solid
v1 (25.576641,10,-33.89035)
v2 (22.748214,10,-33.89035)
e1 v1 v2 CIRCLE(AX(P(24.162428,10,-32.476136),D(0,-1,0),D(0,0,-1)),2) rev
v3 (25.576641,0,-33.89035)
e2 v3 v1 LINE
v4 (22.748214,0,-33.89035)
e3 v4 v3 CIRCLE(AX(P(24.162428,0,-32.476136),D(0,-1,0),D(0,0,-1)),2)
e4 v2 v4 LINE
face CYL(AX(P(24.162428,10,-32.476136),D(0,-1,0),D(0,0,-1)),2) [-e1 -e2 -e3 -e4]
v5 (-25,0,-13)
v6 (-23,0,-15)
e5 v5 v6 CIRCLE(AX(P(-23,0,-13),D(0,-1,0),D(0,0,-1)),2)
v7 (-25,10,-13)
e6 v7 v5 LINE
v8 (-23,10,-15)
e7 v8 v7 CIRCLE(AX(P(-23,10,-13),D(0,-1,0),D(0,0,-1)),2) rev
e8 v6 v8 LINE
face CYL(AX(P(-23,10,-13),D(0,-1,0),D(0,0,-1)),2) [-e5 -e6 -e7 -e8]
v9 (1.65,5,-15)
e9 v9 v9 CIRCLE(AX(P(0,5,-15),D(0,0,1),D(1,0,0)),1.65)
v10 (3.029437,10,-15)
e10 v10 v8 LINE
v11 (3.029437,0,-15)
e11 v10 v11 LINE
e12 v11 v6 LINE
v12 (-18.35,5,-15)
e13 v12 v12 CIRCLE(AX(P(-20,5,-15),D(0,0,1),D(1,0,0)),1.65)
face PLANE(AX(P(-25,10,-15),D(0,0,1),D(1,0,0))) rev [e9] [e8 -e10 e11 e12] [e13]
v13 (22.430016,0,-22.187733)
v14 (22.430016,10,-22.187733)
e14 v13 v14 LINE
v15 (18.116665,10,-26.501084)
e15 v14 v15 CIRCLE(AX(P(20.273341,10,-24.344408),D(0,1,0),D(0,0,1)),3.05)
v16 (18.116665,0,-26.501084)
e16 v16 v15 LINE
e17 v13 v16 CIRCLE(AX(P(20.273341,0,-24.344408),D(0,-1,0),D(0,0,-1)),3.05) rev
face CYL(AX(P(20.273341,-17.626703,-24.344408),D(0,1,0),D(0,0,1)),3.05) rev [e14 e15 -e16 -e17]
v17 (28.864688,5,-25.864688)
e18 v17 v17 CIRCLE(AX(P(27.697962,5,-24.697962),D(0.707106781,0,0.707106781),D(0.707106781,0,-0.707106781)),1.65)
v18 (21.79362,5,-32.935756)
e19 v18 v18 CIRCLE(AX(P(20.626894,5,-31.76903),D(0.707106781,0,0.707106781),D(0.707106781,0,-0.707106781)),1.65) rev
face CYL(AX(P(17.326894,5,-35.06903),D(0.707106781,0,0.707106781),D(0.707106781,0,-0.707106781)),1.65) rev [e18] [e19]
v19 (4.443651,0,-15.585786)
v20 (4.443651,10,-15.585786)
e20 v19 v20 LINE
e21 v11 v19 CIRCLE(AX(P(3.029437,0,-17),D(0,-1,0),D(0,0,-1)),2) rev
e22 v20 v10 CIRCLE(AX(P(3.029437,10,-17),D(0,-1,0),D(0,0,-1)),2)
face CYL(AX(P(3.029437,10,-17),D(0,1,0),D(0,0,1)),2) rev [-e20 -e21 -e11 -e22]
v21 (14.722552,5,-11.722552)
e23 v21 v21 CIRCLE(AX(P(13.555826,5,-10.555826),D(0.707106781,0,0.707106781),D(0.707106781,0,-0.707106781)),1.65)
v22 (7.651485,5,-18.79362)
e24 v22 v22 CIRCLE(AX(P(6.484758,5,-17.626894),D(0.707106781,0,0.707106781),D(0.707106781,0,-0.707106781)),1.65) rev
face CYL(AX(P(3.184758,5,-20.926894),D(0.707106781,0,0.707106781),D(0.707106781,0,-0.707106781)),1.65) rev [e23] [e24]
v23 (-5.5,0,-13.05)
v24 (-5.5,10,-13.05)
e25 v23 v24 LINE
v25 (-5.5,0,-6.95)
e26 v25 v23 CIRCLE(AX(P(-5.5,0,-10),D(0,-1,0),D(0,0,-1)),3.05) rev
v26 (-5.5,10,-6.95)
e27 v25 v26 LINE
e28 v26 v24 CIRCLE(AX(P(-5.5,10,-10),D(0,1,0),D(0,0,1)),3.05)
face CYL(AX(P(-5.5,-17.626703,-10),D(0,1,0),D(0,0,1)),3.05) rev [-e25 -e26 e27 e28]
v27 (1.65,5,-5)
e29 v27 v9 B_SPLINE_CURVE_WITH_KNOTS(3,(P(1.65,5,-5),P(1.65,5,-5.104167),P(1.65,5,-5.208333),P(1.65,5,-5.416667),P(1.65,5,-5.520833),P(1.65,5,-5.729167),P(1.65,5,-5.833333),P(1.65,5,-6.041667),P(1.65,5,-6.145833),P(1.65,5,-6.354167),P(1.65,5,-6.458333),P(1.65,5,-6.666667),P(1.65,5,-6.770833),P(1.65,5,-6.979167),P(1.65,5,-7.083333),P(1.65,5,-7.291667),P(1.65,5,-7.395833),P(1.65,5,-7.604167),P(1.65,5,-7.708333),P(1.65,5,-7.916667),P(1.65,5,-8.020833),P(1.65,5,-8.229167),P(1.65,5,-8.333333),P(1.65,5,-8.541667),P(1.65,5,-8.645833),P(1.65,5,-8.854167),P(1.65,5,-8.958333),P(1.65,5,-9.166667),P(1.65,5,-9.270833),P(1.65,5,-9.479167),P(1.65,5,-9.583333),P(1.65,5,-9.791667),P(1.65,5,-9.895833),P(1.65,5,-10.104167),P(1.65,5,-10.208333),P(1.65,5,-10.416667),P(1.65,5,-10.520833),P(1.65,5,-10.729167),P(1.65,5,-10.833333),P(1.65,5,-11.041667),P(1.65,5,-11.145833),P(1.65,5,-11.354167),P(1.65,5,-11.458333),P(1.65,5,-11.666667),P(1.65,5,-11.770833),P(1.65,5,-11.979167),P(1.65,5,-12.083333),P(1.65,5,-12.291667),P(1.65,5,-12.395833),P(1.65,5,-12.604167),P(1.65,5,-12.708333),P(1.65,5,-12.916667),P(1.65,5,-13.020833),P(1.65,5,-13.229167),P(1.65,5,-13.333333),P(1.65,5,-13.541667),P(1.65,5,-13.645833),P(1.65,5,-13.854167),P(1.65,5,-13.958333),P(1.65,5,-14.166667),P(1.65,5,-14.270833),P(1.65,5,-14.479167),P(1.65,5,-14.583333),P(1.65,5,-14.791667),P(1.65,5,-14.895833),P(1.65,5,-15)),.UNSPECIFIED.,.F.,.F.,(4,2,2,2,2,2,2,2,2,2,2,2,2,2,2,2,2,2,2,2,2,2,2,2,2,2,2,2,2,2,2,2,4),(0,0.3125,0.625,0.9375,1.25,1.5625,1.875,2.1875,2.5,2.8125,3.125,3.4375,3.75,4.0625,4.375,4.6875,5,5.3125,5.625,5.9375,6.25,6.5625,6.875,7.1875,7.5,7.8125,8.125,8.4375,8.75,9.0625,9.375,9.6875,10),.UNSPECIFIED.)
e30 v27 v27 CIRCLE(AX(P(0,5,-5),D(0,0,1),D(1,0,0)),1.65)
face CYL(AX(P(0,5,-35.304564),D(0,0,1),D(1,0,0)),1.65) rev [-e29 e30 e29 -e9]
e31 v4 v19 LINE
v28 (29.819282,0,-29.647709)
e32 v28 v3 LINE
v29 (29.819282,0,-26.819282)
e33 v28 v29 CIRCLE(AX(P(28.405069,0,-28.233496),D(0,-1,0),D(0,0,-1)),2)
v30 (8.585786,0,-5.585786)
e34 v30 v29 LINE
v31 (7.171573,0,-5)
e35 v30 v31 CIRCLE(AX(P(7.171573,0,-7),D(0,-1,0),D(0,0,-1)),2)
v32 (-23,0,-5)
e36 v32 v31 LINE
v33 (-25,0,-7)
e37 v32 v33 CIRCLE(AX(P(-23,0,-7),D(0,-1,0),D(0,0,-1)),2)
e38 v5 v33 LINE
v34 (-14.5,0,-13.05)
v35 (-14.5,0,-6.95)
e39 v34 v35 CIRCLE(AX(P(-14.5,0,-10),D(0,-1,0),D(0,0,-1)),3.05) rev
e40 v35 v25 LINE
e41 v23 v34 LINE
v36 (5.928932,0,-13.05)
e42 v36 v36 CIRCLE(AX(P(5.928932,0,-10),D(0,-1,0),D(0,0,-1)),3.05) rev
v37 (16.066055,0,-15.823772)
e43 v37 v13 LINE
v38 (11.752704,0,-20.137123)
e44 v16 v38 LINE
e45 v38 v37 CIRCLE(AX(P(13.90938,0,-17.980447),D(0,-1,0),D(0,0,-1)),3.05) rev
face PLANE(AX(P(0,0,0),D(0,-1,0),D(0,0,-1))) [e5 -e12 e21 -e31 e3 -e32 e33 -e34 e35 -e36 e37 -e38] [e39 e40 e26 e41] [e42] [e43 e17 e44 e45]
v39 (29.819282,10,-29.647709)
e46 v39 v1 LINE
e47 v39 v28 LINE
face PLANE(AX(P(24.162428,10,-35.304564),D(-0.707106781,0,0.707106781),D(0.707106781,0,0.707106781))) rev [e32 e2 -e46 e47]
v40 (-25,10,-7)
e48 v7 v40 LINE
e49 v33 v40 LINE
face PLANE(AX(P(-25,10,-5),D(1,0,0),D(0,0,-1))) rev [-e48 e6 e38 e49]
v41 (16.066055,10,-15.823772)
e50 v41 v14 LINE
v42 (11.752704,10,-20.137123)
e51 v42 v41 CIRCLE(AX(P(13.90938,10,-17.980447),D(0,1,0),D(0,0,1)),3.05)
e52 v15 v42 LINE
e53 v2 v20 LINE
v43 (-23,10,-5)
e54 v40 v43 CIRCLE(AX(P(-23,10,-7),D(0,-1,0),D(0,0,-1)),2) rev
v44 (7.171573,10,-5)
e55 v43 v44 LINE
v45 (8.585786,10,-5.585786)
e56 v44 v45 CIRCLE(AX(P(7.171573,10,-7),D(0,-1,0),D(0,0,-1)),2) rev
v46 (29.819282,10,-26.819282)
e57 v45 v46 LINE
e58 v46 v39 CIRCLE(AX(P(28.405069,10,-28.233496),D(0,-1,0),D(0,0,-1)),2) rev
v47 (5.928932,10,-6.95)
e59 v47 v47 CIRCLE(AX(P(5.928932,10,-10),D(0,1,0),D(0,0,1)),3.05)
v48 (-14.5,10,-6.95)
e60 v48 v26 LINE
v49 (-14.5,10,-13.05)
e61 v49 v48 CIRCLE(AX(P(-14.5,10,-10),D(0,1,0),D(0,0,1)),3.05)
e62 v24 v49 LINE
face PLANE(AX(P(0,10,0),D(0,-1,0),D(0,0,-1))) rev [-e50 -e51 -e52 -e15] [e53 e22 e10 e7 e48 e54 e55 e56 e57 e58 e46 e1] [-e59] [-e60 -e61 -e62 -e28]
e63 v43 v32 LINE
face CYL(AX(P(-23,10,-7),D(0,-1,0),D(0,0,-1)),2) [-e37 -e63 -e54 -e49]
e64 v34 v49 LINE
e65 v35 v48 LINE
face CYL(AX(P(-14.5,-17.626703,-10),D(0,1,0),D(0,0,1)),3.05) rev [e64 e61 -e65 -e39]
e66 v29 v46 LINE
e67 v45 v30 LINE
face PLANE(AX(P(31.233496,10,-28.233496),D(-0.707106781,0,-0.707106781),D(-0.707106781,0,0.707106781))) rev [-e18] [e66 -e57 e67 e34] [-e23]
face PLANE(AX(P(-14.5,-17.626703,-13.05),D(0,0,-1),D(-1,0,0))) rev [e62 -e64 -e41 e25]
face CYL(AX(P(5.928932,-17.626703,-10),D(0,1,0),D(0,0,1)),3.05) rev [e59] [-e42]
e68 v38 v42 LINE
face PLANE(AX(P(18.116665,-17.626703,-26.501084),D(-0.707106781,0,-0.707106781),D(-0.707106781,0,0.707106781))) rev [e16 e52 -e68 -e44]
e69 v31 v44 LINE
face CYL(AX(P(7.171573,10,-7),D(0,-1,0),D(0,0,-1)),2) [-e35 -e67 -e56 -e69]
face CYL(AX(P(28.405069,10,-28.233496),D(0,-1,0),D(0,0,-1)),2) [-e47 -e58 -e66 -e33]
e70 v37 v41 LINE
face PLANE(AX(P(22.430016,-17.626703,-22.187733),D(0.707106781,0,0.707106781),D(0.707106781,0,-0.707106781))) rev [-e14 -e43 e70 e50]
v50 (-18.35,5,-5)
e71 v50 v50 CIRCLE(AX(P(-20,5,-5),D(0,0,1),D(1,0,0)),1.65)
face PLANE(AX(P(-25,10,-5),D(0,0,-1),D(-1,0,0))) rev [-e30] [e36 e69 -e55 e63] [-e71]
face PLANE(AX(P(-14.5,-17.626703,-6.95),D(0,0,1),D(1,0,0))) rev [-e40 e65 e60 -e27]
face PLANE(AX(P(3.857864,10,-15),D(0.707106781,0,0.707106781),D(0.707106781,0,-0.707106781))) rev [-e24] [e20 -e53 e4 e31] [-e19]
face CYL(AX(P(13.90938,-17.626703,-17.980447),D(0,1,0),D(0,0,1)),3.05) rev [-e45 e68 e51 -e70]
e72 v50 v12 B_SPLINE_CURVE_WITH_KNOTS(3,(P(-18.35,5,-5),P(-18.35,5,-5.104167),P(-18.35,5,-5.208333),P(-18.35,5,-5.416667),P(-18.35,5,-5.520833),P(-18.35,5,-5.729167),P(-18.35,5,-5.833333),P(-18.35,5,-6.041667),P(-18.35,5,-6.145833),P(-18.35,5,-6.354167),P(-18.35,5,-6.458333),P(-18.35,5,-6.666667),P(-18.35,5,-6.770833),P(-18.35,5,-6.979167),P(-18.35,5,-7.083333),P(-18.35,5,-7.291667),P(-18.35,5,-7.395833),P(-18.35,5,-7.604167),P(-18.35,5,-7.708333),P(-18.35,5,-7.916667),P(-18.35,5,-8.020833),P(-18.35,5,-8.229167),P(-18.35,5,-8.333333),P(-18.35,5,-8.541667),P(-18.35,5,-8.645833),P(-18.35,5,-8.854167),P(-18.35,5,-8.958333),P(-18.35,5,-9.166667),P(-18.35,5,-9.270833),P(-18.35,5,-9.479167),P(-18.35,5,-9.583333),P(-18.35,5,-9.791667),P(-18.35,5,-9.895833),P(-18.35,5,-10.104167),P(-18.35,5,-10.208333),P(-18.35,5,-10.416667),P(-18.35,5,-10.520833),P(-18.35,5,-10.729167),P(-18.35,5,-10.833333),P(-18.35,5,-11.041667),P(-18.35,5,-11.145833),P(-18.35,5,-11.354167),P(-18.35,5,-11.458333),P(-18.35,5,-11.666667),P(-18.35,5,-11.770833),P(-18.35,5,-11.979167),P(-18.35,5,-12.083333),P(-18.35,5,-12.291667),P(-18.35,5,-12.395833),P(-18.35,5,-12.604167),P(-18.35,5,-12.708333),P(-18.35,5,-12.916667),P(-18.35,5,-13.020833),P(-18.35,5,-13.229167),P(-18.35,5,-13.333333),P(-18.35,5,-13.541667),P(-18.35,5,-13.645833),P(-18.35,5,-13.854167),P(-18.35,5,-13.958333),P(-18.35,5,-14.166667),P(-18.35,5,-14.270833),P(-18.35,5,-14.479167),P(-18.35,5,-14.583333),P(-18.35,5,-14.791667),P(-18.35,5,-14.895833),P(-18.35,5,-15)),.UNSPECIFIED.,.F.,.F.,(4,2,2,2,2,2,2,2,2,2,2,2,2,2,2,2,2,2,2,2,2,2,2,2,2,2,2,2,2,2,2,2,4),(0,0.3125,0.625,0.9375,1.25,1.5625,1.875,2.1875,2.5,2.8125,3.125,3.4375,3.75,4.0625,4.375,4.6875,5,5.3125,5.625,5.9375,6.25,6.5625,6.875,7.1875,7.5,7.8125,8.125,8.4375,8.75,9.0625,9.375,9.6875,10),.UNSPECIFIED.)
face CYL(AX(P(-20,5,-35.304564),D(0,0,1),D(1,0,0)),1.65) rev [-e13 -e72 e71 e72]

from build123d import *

# Parameters (mm, degrees)
EXTRUDE_1_DEPTH     = 10
SKETCH_2_R          = 1.65
CUT_EXTRUDE_1_DEPTH = 45.653083029
SKETCH_4_R          = 1.65
CUT_EXTRUDE_3_DEPTH = 10
SKETCH_5_R          = 3.05
CUT_EXTRUDE_4_DEPTH = 10
FILLET_2_R          = 2


with BuildPart() as part:
    # ｽｹｯﾁ1 → ﾎﾞｽ - 押し出し1 (new body)
    with BuildSketch(Plane(origin=(0, 0, 0), x_dir=(1, 0, 0), z_dir=(0, 1, 0))):
        Polygon((-25, 5), (8, 5), (31.233495706, 28.233495706), (24.162427894, 35.304563517), (3.857864376, 15), (-25, 15), align=None)
    extrude(amount=EXTRUDE_1_DEPTH)

    # ｽｹｯﾁ2 → ｶｯﾄ - 押し出し1 (cut, through all)
    with BuildSketch(Plane.XY.offset(-5)):
        with Locations((-20, 5)):
            Circle(SKETCH_2_R)
        with Locations((0, 5)):
            Circle(SKETCH_2_R)
    extrude(amount=-CUT_EXTRUDE_1_DEPTH, mode=Mode.SUBTRACT)

    # ｽｹｯﾁ4 → ｶｯﾄ - 押し出し3 (cut)
    with BuildSketch(Plane(origin=(1.5, 0, 1.5), x_dir=(0.7071067811865472, 0, -0.7071067811865479), z_dir=(0.7071067811865479, 0, 0.7071067811865472))):
        with Locations((37.049512883, 5)):
            Circle(SKETCH_4_R)
        with Locations((17.049512883, 5)):
            Circle(SKETCH_4_R)
    extrude(amount=-CUT_EXTRUDE_3_DEPTH, mode=Mode.SUBTRACT)

    # ｽｹｯﾁ5 → ｶｯﾄ - 押し出し4 (cut)
    with BuildSketch(Plane(origin=(0, 10, 0), x_dir=(1, 0, 0), z_dir=(0, 1, 0))):
        with Locations(Location((5.928932188, 10, 0), (0, 0, 270))):
            Circle(SKETCH_5_R)
        with BuildLine():
            Line((-14.5, 13.05), (-5.5, 13.05))
            ThreePointArc((-5.5, 13.05), (-2.45, 10), (-5.5, 6.95))
            Line((-5.5, 6.95), (-14.5, 6.95))
            ThreePointArc((-14.5, 6.95), (-17.55, 10), (-14.5, 13.05))
        make_face()
        with BuildLine():
            Line((22.43001628, 22.187732726), (16.066055249, 15.823771696))
            ThreePointArc((16.066055249, 15.823771696), (11.752703884, 15.823771696), (11.752703884, 20.137123061))
            Line((11.752703884, 20.137123061), (18.116664914, 26.501084092))
            ThreePointArc((18.116664914, 26.501084092), (22.43001628, 26.501084092), (22.43001628, 22.187732726))
        make_face()
    extrude(amount=-CUT_EXTRUDE_4_DEPTH, mode=Mode.SUBTRACT)

    # ﾌｨﾚｯﾄ2
    fillet_2_edges = [part.edges().sort_by_distance(p)[0] for p in [
        (-25, 5, -15),
        (3.857864376, 5, -15),
        (24.162427894, 5, -35.304563517),
        (31.233495706, 5, -28.233495706),
        (8, 5, -5),
        (-25, 5, -5),
    ]]
    fillet(fillet_2_edges, radius=FILLET_2_R)


solid = part.part
